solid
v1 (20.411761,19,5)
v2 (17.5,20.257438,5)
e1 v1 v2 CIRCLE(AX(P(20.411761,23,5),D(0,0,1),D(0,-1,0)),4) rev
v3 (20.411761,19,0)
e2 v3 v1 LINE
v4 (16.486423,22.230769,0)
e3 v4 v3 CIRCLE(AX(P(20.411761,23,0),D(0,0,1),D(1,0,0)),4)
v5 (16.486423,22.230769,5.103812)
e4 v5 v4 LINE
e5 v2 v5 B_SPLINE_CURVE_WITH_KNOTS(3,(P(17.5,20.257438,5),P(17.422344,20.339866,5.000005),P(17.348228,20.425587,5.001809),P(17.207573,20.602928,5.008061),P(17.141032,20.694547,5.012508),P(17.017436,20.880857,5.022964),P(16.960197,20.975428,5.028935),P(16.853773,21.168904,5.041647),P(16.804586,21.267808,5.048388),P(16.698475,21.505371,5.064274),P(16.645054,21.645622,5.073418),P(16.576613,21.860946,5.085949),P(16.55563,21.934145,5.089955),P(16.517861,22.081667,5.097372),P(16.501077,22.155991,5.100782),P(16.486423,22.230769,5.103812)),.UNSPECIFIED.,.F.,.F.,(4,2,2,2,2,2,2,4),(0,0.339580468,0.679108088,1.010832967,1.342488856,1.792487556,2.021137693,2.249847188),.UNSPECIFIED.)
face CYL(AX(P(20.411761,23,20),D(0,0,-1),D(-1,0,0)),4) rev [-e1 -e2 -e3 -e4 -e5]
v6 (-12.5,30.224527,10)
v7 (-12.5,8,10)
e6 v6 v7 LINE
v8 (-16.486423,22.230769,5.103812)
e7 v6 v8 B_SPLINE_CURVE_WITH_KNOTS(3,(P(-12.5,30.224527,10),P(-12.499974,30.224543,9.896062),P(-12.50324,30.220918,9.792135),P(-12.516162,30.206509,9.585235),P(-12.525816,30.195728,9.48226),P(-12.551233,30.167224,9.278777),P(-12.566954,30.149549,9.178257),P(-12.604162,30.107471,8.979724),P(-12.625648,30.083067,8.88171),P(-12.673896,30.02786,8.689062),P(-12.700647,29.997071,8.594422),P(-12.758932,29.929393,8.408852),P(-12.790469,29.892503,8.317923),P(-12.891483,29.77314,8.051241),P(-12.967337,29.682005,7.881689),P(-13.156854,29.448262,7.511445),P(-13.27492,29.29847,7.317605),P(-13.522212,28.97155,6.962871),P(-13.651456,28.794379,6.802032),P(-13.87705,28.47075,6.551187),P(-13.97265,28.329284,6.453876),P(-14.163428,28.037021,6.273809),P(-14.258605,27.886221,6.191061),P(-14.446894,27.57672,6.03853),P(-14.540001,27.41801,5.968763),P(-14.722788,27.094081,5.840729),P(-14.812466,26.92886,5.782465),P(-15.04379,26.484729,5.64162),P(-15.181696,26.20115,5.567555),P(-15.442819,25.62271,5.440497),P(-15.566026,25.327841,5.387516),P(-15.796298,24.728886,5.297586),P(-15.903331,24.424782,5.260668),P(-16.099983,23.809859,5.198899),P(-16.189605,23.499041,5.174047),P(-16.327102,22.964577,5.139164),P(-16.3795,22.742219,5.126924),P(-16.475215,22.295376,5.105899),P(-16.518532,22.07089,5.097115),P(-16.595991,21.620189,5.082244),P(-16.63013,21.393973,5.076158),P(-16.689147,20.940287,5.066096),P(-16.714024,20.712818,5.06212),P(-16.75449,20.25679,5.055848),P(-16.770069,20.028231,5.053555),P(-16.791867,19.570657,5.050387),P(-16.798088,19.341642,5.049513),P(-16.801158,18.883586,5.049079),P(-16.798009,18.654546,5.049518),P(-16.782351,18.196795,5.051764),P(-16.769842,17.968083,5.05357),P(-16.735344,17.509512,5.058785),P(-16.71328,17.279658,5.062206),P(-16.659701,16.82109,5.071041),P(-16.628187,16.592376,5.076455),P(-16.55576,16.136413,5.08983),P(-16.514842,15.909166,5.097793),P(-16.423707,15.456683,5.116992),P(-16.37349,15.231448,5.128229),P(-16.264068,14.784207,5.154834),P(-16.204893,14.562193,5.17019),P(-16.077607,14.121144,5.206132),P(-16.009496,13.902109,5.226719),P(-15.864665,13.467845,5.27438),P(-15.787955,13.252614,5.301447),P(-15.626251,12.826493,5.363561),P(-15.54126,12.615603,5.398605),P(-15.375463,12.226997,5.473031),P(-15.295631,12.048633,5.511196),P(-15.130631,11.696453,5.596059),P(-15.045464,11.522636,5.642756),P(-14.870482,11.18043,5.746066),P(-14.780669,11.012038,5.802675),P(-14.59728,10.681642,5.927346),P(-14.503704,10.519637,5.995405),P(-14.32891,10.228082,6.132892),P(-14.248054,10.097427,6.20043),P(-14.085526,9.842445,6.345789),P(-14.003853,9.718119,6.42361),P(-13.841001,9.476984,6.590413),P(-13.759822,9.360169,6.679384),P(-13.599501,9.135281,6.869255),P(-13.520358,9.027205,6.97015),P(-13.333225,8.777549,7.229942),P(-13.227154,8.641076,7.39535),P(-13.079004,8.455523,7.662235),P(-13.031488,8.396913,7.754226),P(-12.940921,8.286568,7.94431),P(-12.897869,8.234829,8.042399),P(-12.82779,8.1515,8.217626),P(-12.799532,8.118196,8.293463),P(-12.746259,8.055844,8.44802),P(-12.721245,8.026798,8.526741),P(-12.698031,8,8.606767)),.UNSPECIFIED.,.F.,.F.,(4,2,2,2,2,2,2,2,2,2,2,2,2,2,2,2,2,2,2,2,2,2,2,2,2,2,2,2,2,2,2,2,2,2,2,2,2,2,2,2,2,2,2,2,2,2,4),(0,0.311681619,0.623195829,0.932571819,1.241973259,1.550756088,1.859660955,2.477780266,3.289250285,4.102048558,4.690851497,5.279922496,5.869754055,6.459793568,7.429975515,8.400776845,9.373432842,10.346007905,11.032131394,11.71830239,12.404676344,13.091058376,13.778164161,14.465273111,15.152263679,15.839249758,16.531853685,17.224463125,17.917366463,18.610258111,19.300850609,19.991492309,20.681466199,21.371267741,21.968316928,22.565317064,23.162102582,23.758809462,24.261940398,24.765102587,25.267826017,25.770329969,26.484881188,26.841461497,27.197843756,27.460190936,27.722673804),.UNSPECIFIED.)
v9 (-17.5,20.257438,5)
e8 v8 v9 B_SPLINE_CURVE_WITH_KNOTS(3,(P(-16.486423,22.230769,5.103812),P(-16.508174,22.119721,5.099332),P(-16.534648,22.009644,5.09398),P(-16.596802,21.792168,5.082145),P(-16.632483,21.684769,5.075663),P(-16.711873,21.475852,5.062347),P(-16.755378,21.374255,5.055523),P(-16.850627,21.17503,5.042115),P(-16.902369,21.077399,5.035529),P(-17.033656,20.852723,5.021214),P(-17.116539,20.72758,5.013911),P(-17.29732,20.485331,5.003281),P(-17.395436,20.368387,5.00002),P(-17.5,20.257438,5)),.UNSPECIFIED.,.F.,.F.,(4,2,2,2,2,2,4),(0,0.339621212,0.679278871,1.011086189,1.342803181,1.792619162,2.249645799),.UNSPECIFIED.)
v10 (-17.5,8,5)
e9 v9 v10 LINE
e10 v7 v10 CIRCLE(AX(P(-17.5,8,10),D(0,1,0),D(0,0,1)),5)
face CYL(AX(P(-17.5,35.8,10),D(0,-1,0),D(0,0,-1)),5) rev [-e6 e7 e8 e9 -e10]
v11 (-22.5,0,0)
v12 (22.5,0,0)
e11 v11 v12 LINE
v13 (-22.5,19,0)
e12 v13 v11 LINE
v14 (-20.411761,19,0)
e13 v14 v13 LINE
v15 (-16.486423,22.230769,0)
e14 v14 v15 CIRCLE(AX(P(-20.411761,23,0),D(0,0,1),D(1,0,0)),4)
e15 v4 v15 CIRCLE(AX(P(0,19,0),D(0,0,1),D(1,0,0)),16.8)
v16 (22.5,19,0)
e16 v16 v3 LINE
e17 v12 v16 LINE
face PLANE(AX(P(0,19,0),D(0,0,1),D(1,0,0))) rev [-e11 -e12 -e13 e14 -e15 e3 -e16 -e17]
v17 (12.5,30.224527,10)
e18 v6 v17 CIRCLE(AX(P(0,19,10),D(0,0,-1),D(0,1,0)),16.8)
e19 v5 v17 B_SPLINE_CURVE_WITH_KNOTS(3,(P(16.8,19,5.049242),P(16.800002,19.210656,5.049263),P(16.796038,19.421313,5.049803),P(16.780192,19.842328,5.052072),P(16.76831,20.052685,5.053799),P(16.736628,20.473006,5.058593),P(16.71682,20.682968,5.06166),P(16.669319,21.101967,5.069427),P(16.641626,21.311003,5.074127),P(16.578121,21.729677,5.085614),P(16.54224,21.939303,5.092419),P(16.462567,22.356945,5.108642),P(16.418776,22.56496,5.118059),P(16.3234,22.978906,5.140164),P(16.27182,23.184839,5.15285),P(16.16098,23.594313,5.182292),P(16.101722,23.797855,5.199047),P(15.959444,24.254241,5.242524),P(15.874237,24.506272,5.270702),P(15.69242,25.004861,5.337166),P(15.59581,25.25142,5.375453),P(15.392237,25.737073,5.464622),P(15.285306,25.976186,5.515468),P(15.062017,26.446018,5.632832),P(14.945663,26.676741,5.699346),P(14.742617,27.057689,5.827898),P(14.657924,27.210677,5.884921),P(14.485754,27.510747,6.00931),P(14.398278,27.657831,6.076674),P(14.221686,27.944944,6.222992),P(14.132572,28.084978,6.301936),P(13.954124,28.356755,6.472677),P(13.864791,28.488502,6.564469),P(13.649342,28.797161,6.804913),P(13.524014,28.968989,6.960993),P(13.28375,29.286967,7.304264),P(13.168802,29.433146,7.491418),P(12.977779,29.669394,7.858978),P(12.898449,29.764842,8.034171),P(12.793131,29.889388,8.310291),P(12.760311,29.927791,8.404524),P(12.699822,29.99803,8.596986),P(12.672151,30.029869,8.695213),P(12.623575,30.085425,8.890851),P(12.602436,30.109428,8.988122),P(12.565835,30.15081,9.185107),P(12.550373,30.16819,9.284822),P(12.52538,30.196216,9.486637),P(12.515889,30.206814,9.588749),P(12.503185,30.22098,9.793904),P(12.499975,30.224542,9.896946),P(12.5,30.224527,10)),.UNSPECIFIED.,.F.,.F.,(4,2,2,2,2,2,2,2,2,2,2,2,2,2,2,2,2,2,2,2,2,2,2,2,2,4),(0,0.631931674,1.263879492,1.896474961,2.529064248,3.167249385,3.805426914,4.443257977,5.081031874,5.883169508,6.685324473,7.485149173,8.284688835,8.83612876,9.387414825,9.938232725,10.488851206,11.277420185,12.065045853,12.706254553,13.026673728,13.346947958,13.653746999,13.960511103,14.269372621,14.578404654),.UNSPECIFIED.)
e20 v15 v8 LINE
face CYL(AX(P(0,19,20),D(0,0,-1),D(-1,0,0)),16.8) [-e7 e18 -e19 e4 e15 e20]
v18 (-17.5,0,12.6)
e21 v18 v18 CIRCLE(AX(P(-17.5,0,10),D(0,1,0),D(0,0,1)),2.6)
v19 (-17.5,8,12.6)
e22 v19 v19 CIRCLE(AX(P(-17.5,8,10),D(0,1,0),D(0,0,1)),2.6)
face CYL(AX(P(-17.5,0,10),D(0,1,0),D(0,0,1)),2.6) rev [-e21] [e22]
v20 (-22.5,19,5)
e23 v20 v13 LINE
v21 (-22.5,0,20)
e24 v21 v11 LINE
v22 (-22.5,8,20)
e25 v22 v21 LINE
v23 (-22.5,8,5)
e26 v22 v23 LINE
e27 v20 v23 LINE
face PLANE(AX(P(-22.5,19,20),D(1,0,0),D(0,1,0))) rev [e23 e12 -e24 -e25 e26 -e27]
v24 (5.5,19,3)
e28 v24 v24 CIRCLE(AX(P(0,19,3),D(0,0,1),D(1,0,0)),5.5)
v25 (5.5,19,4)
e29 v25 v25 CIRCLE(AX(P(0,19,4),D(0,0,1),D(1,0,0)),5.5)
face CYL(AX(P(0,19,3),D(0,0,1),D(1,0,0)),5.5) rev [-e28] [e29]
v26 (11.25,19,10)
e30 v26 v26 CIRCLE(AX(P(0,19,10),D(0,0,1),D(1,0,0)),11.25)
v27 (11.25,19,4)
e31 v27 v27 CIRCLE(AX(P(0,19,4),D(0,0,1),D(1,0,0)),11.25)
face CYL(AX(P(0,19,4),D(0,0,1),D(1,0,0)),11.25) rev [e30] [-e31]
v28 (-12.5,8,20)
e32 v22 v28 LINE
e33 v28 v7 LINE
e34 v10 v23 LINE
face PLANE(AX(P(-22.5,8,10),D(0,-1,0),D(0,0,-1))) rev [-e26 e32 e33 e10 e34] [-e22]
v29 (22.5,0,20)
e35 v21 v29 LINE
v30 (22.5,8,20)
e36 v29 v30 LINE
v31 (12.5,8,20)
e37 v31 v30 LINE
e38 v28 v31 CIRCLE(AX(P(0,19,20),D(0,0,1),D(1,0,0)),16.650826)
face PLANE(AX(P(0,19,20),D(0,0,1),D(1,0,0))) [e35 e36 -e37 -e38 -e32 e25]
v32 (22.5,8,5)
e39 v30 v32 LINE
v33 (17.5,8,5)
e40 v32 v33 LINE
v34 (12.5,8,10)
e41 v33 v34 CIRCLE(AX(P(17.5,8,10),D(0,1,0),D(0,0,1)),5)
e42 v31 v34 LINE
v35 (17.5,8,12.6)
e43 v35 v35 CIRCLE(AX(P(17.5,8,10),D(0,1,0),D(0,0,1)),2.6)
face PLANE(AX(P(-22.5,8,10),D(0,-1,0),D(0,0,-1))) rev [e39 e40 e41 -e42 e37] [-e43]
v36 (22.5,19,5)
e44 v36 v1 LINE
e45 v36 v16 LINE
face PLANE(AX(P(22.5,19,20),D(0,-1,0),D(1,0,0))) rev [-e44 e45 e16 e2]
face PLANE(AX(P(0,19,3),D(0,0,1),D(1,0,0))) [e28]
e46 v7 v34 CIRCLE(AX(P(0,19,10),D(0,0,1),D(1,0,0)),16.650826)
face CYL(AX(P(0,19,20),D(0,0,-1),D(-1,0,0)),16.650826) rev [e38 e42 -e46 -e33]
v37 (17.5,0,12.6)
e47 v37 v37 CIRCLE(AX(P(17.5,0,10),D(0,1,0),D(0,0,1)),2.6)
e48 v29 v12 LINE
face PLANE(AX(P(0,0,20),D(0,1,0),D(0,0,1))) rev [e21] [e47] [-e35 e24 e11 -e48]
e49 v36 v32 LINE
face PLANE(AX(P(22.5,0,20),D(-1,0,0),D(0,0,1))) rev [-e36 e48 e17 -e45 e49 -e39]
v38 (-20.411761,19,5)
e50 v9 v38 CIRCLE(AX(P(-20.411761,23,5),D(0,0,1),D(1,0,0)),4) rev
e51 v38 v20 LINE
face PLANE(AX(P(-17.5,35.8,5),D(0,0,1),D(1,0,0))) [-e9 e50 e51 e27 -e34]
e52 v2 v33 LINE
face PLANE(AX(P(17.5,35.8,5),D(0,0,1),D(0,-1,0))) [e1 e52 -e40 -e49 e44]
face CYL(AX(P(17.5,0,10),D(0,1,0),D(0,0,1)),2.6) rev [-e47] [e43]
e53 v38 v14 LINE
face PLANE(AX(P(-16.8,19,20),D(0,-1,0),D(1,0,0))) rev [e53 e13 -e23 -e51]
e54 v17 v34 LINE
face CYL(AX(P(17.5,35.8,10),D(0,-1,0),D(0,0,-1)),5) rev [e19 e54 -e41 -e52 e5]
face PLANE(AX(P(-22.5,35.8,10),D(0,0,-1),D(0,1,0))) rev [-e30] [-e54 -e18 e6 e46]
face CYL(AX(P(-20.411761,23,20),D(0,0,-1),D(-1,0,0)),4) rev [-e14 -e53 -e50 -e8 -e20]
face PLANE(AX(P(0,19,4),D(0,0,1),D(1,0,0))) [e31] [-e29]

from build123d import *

# Parameters (mm, degrees)
BOSS_EXTRUDE1_DEPTH = 20
SKETCH2_W           = 10
SKETCH2_H           = 27.8
CUT_EXTRUDE1_DEPTH  = 61.882181301
SKETCH4_R           = 11.25
CUT_EXTRUDE3_DEPTH  = 6
SKETCH5_R           = 5.5
CUT_EXTRUDE4_DEPTH  = 1
CUT_EXTRUDE5_DEPTH  = 41.976700697
SKETCH7_R           = 2.6
CUT_EXTRUDE6_DEPTH  = 41.976700765
CUT_EXTRUDE7_DEPTH  = 44.449856262
FILLET1_R           = 4


with BuildPart() as part:
    # Sketch1 → Boss-Extrude1 (new body)
    with BuildSketch(Plane.XY):
        with BuildLine():
            Line((0, 0), (22.5, 0))
            Line((22.5, 0), (22.5, 19))
            Line((22.5, 19), (16.8, 19))
            ThreePointArc((16.8, 19), (0, 35.8), (-16.8, 19))
            Line((-16.8, 19), (-22.5, 19))
            Line((-22.5, 19), (-22.5, 0))
            Line((-22.5, 0), (0, 0))
        make_face()
    extrude(amount=BOSS_EXTRUDE1_DEPTH)

    # Sketch2 → Cut-Extrude1 (cut, through all)
    with BuildSketch(Plane(origin=(22.5, 0, 0), x_dir=(0, 0, -1), z_dir=(1, 0, 0))):
        with Locations((-15, 21.9)):
            Rectangle(SKETCH2_W, SKETCH2_H)
    extrude(amount=-CUT_EXTRUDE1_DEPTH, mode=Mode.SUBTRACT)

    # Sketch4 → Cut-Extrude3 (cut)
    with BuildSketch(Plane.XY.offset(10)):
        with Locations((0, 19)):
            Circle(SKETCH4_R)
    extrude(amount=-CUT_EXTRUDE3_DEPTH, mode=Mode.SUBTRACT)

    # Sketch5 → Cut-Extrude4 (cut)
    with BuildSketch(Plane.XY.offset(4)):
        with Locations((0, 19)):
            Circle(SKETCH5_R)
    extrude(amount=-CUT_EXTRUDE4_DEPTH, mode=Mode.SUBTRACT)

    # Sketch6 → Cut-Extrude5 (cut, through all)
    with BuildSketch(Plane(origin=(0, 8, 0), x_dir=(1, 0, 0), z_dir=(0, 1, 0))):
        with BuildLine():
            Line((-17.5, -5), (-22.5, -5))
            Line((-22.5, -5), (-22.5, -10))
            Line((-22.5, -10), (-12.5, -10))
            ThreePointArc((-12.5, -10), (-13.964466094, -6.464466094), (-17.5, -5))
        make_face()
        with BuildLine():
            Line((17.5, -5), (22.5, -5))
            Line((22.5, -5), (22.5, -10))
            Line((22.5, -10), (12.5, -10))
            ThreePointArc((12.5, -10), (13.964466094, -6.464466094), (17.5, -5))
        make_face()
    extrude(amount=CUT_EXTRUDE5_DEPTH, mode=Mode.SUBTRACT)

    # Sketch7 → Cut-Extrude6 (cut, through all)
    with BuildSketch(Plane(origin=(0, 8, 0), x_dir=(1, 0, 0), z_dir=(0, 1, 0))):
        with Locations(Location((-17.5, -10, 0), (0, 0, 270))):
            Circle(SKETCH7_R)
        with Locations(Location((17.5, -10, 0), (0, 0, 270))):
            Circle(SKETCH7_R)
    extrude(amount=-CUT_EXTRUDE6_DEPTH, mode=Mode.SUBTRACT)

    # Sketch8 → Cut-Extrude7 (cut, through all)
    with BuildSketch(Plane.XY.offset(10)):
        with BuildLine():
            Line((-12.5, 8), (12.5, 8))
            ThreePointArc((12.5, 8), (0, 2.349174195), (-12.5, 8))
        make_face()
    extrude(amount=CUT_EXTRUDE7_DEPTH, mode=Mode.SUBTRACT)

    # Fillet1
    fillet1_edges = [part.edges().sort_by_distance(p)[0] for p in [
        (16.8, 19, 2.524621241),
        (-16.8, 19, 2.524621241),
    ]]
    fillet(fillet1_edges, radius=FILLET1_R)


solid = part.part
